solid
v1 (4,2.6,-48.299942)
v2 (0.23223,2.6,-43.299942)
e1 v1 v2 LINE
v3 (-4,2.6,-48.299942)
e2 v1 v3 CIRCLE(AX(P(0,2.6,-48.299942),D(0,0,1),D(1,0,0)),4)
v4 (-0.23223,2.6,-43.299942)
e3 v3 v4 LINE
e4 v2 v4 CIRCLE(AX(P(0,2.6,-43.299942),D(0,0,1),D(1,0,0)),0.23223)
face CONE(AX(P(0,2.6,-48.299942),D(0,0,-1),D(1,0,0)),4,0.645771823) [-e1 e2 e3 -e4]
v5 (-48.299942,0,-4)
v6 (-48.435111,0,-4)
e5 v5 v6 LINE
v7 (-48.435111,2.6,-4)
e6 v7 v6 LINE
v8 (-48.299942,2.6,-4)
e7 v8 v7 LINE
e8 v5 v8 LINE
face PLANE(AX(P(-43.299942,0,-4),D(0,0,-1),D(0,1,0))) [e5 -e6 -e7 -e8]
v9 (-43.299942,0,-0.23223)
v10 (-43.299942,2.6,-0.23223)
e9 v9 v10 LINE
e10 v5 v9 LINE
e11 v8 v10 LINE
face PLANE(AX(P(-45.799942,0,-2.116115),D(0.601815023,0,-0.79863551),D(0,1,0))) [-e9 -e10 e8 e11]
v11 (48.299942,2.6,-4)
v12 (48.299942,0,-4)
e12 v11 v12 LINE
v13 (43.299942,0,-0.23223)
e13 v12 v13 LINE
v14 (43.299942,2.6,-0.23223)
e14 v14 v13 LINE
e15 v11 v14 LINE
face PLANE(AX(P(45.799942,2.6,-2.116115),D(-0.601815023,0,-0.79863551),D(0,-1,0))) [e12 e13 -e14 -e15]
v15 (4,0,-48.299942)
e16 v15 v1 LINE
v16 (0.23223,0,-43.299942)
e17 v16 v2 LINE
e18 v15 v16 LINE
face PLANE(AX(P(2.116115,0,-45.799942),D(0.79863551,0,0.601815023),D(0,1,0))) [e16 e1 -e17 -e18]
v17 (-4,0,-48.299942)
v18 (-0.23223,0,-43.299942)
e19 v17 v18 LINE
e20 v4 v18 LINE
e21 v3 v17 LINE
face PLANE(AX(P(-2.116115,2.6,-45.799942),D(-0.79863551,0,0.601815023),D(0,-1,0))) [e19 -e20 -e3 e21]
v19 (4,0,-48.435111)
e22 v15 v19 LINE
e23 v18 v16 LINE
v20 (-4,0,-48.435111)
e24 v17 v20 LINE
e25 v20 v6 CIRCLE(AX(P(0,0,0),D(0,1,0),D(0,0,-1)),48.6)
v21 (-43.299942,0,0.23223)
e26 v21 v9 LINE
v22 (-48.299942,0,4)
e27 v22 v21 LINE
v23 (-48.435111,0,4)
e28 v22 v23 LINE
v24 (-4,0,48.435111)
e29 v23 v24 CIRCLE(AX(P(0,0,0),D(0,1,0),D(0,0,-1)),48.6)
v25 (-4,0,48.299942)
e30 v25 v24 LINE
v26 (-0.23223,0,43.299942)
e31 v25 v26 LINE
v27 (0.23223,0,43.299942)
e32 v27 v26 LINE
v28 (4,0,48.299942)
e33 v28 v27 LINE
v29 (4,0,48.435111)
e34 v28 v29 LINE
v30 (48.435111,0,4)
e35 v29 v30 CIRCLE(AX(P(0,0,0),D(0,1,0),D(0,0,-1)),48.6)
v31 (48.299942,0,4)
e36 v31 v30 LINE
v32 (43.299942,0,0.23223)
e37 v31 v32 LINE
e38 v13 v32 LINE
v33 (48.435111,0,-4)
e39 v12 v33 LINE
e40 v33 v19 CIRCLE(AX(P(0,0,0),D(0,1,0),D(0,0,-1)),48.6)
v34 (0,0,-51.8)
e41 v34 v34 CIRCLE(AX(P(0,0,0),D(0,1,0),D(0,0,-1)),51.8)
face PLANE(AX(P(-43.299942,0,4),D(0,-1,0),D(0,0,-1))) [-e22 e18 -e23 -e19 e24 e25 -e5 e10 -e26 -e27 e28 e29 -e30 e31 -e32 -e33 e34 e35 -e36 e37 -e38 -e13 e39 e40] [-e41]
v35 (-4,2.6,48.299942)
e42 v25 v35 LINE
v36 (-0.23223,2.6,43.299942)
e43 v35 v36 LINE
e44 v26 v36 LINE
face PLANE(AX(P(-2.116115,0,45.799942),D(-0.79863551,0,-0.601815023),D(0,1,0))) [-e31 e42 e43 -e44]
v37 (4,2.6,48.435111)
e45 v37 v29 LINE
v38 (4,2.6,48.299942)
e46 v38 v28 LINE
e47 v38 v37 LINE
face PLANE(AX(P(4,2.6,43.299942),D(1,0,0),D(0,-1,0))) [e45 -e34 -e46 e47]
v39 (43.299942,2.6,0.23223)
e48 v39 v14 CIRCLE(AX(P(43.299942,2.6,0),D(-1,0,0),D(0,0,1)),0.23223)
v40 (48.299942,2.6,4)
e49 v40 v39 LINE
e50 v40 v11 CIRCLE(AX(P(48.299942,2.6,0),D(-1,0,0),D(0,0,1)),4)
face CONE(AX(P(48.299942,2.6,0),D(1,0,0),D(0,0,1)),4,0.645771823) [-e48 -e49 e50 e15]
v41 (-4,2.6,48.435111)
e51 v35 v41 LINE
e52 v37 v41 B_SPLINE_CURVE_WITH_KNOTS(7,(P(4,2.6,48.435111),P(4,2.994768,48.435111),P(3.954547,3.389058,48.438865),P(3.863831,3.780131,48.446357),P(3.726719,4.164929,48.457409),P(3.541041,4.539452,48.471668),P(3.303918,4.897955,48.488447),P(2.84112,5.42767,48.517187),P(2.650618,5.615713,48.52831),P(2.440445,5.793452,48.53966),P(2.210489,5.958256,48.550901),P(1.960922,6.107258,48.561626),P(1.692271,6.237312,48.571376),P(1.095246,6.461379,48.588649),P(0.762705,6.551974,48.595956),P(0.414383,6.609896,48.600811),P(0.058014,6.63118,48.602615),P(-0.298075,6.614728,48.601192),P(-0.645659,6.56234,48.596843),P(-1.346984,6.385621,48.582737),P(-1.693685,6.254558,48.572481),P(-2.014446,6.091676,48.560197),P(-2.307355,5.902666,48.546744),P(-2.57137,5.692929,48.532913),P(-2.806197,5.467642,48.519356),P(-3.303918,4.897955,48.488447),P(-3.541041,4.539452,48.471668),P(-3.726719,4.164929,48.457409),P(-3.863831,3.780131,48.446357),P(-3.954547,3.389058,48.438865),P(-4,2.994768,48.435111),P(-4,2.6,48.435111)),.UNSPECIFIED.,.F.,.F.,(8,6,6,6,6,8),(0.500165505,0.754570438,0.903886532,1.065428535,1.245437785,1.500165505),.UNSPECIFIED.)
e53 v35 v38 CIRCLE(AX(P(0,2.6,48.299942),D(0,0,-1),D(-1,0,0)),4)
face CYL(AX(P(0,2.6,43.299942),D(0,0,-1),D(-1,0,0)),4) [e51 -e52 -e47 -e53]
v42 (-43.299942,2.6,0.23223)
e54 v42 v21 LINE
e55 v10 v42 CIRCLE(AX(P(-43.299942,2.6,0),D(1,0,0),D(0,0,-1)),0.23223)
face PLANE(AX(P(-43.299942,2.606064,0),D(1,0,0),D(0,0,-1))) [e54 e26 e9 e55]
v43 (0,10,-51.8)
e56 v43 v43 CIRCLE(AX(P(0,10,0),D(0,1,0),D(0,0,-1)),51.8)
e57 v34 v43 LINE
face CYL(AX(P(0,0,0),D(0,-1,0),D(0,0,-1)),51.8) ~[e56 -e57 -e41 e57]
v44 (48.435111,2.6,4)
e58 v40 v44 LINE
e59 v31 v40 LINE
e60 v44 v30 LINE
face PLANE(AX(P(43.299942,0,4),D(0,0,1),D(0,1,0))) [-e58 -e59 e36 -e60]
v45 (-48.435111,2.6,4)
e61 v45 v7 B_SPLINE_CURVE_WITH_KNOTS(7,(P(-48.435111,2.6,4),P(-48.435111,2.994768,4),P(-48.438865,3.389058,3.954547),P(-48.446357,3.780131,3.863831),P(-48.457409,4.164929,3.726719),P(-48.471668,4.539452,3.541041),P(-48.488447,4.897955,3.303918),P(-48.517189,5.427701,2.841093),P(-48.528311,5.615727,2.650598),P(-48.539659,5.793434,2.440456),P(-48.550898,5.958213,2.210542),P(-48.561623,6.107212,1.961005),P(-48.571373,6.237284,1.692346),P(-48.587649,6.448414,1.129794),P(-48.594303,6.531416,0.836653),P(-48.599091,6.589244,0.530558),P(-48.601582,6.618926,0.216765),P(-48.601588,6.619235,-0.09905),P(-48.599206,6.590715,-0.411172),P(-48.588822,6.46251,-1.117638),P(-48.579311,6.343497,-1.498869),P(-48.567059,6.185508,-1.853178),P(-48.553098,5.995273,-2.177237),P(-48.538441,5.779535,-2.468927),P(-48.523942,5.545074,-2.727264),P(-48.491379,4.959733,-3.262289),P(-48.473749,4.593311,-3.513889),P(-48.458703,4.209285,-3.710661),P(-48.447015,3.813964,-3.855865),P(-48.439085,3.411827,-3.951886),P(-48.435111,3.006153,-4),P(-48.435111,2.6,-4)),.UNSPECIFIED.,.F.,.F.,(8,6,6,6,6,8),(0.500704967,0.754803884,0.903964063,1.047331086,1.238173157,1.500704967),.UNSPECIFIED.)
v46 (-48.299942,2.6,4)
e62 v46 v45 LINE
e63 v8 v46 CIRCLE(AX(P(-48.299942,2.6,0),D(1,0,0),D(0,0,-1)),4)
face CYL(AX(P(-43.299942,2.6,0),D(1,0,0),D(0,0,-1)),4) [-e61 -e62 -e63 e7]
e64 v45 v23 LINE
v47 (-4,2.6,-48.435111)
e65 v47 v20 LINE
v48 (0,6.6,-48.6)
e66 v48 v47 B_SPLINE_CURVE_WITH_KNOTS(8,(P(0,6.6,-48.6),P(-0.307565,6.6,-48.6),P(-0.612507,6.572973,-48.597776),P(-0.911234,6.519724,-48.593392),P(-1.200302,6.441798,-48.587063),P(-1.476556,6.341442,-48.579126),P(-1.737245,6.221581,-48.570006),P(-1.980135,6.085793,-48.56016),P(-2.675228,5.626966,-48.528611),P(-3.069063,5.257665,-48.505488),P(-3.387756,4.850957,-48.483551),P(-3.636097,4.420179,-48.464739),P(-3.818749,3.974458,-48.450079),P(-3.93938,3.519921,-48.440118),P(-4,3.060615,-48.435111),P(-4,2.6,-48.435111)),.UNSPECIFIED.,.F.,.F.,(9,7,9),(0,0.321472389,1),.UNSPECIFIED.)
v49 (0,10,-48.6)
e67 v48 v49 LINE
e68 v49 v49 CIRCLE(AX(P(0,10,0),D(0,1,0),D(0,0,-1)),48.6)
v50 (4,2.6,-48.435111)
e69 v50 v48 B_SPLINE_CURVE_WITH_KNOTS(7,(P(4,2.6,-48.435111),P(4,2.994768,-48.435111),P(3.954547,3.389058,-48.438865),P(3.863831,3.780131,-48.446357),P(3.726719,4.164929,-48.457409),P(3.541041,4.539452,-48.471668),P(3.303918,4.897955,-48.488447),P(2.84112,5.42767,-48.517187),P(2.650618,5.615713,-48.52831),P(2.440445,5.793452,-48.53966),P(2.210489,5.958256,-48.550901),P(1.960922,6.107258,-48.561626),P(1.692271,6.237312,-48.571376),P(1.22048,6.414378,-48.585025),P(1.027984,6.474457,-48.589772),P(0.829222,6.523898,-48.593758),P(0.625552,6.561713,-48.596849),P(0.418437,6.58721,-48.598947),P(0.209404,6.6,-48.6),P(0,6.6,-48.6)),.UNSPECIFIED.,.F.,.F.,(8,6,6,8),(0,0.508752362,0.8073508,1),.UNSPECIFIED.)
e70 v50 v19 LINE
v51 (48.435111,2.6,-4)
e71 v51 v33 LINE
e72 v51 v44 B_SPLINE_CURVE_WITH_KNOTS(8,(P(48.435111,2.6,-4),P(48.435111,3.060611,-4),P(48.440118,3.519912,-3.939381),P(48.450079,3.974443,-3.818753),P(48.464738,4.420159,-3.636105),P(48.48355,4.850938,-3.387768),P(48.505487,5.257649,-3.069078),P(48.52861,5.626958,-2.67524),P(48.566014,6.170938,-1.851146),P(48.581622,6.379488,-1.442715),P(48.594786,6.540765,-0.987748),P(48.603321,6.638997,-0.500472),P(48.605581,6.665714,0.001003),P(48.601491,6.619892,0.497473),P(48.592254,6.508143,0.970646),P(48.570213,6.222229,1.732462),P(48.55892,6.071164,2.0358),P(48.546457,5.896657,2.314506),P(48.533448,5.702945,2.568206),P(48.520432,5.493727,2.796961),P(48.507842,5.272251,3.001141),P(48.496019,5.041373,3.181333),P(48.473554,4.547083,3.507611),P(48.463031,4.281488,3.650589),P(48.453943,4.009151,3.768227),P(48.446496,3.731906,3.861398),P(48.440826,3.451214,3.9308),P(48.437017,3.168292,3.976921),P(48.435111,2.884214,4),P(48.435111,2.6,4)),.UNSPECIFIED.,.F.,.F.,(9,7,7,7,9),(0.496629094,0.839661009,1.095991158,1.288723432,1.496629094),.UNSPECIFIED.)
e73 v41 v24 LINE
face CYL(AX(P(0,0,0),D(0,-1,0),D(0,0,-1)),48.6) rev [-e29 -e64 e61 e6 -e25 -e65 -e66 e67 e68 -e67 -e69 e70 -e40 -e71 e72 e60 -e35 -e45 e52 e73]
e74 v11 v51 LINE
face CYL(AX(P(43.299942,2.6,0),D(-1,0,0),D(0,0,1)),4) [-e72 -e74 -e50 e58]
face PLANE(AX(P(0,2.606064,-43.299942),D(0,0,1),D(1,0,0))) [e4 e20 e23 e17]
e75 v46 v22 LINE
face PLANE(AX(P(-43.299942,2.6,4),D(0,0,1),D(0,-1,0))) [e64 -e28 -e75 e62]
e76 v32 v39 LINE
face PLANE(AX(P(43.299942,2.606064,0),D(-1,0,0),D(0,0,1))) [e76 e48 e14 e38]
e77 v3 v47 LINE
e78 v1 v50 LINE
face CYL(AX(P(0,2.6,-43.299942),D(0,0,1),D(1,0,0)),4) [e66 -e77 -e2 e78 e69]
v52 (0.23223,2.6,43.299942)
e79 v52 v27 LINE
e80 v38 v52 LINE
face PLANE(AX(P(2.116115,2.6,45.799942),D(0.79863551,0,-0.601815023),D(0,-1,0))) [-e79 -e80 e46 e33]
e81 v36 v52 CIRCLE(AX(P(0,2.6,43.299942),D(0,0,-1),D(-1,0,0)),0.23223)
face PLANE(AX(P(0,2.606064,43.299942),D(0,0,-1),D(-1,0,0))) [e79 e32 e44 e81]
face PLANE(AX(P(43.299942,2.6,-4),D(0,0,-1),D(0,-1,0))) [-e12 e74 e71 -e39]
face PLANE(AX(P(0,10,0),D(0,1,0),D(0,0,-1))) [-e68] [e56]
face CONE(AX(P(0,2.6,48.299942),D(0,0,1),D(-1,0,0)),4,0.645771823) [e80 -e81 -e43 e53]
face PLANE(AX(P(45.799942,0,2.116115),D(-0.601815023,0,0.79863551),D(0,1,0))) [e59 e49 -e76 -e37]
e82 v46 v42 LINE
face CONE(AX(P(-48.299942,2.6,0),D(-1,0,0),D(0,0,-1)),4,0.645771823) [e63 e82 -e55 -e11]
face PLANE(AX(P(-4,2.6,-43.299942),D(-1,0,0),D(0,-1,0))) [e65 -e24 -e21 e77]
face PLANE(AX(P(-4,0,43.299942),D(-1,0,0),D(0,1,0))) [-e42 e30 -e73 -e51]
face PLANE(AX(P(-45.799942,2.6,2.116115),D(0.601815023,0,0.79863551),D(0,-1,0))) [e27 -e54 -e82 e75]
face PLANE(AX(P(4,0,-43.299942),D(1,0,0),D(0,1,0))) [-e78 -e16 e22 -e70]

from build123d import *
from OCP.BRepFilletAPI import BRepFilletAPI_MakeChamfer

# Parameters (mm, degrees)
SKETCH_1_R                            = 51.8
SKETCH_1_R_2                          = 48.6
EXTRUDE_1_DEPTH                       = 10
EXTRUDE_START                         = 43.299942
EXTRUDE_4_DEPTH                       = 5.300058
CHAMFER_1_SIZE                        = 5
CHAMFER_1_SIZE2                       = 3.767770251
PATTERN_CIRCULAR_4_COUNT              = 4
CHAMFER_1_OF_PATTERN_CIRCULAR_4_SIZE  = 5
CHAMFER_1_OF_PATTERN_CIRCULAR_4_SIZE2 = 3.767770251


with BuildPart() as part:
    # 草图1 → 凸台-拉伸1 (new body)
    with BuildSketch(Plane(origin=(0, 0, 0), x_dir=(1, 0, 0), z_dir=(0, 1, 0))):
        with Locations(Location((0, 0, 0), (0, 0, 90))):
            Circle(SKETCH_1_R)
        with Locations(Location((0, 0, 0), (0, 0, 90))):
            Circle(SKETCH_1_R_2, mode=Mode.SUBTRACT)
    extrude(amount=EXTRUDE_1_DEPTH)

    # 草图2 → 凸台-拉伸4 (add)
    with BuildSketch(Plane.XY.offset(EXTRUDE_START)):
        with BuildLine():
            Line((4, 2.6), (4, 0))
            Line((4, 0), (-4, 0))
            Line((-4, 0), (-4, 2.6))
            ThreePointArc((-4, 2.6), (0, 6.6), (4, 2.6))
        make_face()
    extrude_4 = extrude(amount=EXTRUDE_4_DEPTH)

    # 倒角1: one chamfer whose edges measure the first distance from different faces: ONE call of the kernel's chamfer builder (chamfer() names one face for all edges)
    chamfer_1_edges_1 = [part.edges().sort_by_distance(p)[0] for p in [
        (0, 6.6, 43.299942),
    ]]
    chamfer_1_side_1 = [part.faces().sort_by_distance(p)[0] for p in [
        (0, 6.6, 45.95017715),
    ]]
    chamfer_1_edges_2 = [part.edges().sort_by_distance(p)[0] for p in [
        (4, 1.3, 43.299942),
    ]]
    chamfer_1_side_2 = [part.faces().sort_by_distance(p)[0] for p in [
        (4, 1.3, 45.867526616),
    ]]
    chamfer_1 = BRepFilletAPI_MakeChamfer(part.part.solid().wrapped)
    for e in chamfer_1_edges_1:
        chamfer_1.Add(CHAMFER_1_SIZE, CHAMFER_1_SIZE2, e.wrapped, chamfer_1_side_1[0].wrapped)  # the first distance lies on this face
    for e in chamfer_1_edges_2:
        chamfer_1.Add(CHAMFER_1_SIZE, CHAMFER_1_SIZE2, e.wrapped, chamfer_1_side_2[0].wrapped)  # the first distance lies on this face
    add(Compound.cast(chamfer_1.Shape()), mode=Mode.REPLACE)

    # 阵列(圆周)4: 凸台-拉伸4 ×4 about axis
    pattern_circular_4_axis = Axis((0, 0, 0), (0, 1, 0))
    for i in range(1, PATTERN_CIRCULAR_4_COUNT):
        add(extrude_4.rotate(pattern_circular_4_axis, i * 360 / PATTERN_CIRCULAR_4_COUNT))

    # 倒角1 of 阵列(圆周)4: one chamfer whose edges measure the first distance from different faces: ONE call of the kernel's chamfer builder (chamfer() names one face for all edges)
    chamfer_1_of_pattern_circular_4_edges_1 = [part.edges().sort_by_distance(p)[0] for p in [
        (43.299942, 6.6, 0),
    ]]
    chamfer_1_of_pattern_circular_4_side_1 = [part.faces().sort_by_distance(p)[0] for p in [
        (45.95017715, 6.6, 0),
    ]]
    chamfer_1_of_pattern_circular_4_edges_2 = [part.edges().sort_by_distance(p)[0] for p in [
        (43.299942, 1.3, -4),
    ]]
    chamfer_1_of_pattern_circular_4_side_2 = [part.faces().sort_by_distance(p)[0] for p in [
        (45.867526616, 1.3, -4),
    ]]
    chamfer_1_of_pattern_circular_4_edges_3 = [part.edges().sort_by_distance(p)[0] for p in [
        (0, 6.6, -43.299942),
    ]]
    chamfer_1_of_pattern_circular_4_side_3 = [part.faces().sort_by_distance(p)[0] for p in [
        (0, 6.6, -45.95017715),
    ]]
    chamfer_1_of_pattern_circular_4_edges_4 = [part.edges().sort_by_distance(p)[0] for p in [
        (-4, 1.3, -43.299942),
    ]]
    chamfer_1_of_pattern_circular_4_side_4 = [part.faces().sort_by_distance(p)[0] for p in [
        (-4, 1.3, -45.867526616),
    ]]
    chamfer_1_of_pattern_circular_4_edges_5 = [part.edges().sort_by_distance(p)[0] for p in [
        (-43.299942, 6.6, 0),
    ]]
    chamfer_1_of_pattern_circular_4_side_5 = [part.faces().sort_by_distance(p)[0] for p in [
        (-45.95017715, 6.6, 0),
    ]]
    chamfer_1_of_pattern_circular_4_edges_6 = [part.edges().sort_by_distance(p)[0] for p in [
        (-43.299942, 1.3, 4),
    ]]
    chamfer_1_of_pattern_circular_4_side_6 = [part.faces().sort_by_distance(p)[0] for p in [
        (-45.867526616, 1.3, 4),
    ]]
    chamfer_1_of_pattern_circular_4 = BRepFilletAPI_MakeChamfer(part.part.solid().wrapped)
    for e in chamfer_1_of_pattern_circular_4_edges_1:
        chamfer_1_of_pattern_circular_4.Add(CHAMFER_1_OF_PATTERN_CIRCULAR_4_SIZE, CHAMFER_1_OF_PATTERN_CIRCULAR_4_SIZE2, e.wrapped, chamfer_1_of_pattern_circular_4_side_1[0].wrapped)  # the first distance lies on this face
    for e in chamfer_1_of_pattern_circular_4_edges_2:
        chamfer_1_of_pattern_circular_4.Add(CHAMFER_1_OF_PATTERN_CIRCULAR_4_SIZE, CHAMFER_1_OF_PATTERN_CIRCULAR_4_SIZE2, e.wrapped, chamfer_1_of_pattern_circular_4_side_2[0].wrapped)  # the first distance lies on this face
    for e in chamfer_1_of_pattern_circular_4_edges_3:
        chamfer_1_of_pattern_circular_4.Add(CHAMFER_1_OF_PATTERN_CIRCULAR_4_SIZE, CHAMFER_1_OF_PATTERN_CIRCULAR_4_SIZE2, e.wrapped, chamfer_1_of_pattern_circular_4_side_3[0].wrapped)  # the first distance lies on this face
    for e in chamfer_1_of_pattern_circular_4_edges_4:
        chamfer_1_of_pattern_circular_4.Add(CHAMFER_1_OF_PATTERN_CIRCULAR_4_SIZE, CHAMFER_1_OF_PATTERN_CIRCULAR_4_SIZE2, e.wrapped, chamfer_1_of_pattern_circular_4_side_4[0].wrapped)  # the first distance lies on this face
    for e in chamfer_1_of_pattern_circular_4_edges_5:
        chamfer_1_of_pattern_circular_4.Add(CHAMFER_1_OF_PATTERN_CIRCULAR_4_SIZE, CHAMFER_1_OF_PATTERN_CIRCULAR_4_SIZE2, e.wrapped, chamfer_1_of_pattern_circular_4_side_5[0].wrapped)  # the first distance lies on this face
    for e in chamfer_1_of_pattern_circular_4_edges_6:
        chamfer_1_of_pattern_circular_4.Add(CHAMFER_1_OF_PATTERN_CIRCULAR_4_SIZE, CHAMFER_1_OF_PATTERN_CIRCULAR_4_SIZE2, e.wrapped, chamfer_1_of_pattern_circular_4_side_6[0].wrapped)  # the first distance lies on this face
    add(Compound.cast(chamfer_1_of_pattern_circular_4.Shape()), mode=Mode.REPLACE)


solid = part.part
